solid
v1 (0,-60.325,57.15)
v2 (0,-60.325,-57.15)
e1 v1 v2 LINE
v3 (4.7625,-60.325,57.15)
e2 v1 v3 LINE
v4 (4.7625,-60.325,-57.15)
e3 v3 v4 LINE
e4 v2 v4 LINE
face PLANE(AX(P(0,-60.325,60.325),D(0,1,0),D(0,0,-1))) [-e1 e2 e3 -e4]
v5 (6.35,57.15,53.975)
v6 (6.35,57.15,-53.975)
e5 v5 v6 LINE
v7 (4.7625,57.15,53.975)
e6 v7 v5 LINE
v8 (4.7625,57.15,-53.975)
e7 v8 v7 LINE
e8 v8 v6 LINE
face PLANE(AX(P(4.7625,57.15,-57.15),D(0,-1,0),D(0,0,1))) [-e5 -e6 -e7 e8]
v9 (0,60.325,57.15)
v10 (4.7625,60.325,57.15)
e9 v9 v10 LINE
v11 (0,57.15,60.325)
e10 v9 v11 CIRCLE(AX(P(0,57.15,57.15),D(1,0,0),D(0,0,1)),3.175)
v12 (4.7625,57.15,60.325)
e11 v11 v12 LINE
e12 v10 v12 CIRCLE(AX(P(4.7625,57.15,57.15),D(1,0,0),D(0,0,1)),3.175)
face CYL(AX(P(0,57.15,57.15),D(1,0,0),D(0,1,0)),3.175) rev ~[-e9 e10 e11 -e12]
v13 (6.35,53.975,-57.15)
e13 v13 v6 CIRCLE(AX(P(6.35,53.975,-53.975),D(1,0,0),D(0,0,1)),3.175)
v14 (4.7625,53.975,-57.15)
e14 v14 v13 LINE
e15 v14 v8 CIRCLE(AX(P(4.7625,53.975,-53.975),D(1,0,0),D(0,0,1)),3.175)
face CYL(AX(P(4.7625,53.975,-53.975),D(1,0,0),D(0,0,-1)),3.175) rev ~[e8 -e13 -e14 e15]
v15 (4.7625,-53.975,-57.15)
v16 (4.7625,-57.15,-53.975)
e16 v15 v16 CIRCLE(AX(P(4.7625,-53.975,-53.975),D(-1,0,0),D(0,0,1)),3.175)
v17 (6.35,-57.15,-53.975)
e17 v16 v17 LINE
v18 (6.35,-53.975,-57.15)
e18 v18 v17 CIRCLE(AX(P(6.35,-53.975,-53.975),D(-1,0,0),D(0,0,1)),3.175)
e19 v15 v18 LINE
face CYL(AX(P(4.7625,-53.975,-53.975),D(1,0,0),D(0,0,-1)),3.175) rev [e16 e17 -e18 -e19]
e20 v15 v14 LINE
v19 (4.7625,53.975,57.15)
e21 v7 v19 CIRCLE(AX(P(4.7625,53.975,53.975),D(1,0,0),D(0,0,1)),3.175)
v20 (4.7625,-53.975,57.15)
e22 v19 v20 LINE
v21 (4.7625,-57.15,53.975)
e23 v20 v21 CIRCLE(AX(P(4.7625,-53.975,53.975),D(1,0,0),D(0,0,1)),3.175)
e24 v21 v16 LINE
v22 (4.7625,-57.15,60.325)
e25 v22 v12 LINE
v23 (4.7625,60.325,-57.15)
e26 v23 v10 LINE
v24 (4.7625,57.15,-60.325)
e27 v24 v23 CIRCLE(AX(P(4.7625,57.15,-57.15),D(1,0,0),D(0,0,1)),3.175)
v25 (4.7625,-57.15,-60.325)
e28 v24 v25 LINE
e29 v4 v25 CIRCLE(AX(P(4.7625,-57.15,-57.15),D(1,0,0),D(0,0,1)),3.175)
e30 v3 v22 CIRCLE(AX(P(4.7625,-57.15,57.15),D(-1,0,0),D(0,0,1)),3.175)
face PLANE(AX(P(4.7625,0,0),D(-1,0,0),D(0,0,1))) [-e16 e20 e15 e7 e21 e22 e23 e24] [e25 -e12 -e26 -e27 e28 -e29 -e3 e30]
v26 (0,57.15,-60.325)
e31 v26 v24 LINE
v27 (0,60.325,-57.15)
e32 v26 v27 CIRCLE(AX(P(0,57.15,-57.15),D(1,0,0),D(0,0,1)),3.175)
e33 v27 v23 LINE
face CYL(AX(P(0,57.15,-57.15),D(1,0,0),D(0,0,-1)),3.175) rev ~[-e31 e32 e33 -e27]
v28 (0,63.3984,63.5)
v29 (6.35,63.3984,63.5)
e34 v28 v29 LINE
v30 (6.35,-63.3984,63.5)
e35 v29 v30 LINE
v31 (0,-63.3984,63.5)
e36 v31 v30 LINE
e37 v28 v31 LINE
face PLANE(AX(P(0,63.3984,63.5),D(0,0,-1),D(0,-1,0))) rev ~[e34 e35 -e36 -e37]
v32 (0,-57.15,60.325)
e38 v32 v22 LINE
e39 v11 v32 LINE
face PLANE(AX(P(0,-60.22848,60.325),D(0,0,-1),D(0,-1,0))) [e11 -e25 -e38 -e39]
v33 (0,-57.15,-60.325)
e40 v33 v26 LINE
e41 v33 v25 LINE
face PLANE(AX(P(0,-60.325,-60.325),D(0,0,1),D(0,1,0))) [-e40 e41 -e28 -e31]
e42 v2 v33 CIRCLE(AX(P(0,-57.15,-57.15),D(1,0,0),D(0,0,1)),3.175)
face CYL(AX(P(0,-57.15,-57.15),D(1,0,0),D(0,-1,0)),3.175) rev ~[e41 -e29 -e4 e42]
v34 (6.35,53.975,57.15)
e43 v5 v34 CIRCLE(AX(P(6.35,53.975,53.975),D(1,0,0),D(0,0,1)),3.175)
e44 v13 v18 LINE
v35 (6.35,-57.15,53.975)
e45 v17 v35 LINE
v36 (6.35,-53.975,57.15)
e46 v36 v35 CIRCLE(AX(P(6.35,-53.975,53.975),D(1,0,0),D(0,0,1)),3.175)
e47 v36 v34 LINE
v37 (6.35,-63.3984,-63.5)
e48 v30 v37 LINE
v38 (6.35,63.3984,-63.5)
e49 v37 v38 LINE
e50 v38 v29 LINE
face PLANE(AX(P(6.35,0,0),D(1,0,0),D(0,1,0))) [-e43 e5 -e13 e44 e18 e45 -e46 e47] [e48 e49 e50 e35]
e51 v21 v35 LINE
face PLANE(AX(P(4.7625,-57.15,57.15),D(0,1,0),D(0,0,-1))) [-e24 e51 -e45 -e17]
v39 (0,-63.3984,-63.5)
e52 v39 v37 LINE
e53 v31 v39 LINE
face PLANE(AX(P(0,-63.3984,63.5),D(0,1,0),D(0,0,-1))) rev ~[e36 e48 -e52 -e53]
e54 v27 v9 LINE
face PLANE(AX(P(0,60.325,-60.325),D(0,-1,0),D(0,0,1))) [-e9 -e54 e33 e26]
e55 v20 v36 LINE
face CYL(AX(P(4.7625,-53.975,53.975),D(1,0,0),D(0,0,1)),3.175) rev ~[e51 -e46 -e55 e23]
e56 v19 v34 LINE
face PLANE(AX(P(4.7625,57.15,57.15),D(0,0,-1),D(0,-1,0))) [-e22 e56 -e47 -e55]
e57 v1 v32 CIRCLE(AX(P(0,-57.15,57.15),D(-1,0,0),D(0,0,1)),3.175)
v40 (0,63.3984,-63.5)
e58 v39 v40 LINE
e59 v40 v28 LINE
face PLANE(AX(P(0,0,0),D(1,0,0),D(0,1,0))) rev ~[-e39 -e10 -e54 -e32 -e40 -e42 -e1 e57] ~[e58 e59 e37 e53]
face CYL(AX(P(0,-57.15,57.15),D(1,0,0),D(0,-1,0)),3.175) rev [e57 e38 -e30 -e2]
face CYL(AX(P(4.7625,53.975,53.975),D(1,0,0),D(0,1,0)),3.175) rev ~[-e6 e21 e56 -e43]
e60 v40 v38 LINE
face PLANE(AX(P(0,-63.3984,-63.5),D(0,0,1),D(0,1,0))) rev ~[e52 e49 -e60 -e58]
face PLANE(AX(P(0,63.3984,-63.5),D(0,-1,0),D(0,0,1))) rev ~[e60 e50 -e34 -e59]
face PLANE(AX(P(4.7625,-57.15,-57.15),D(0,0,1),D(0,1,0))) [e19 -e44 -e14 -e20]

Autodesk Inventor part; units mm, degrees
ref_plane "YZ Plane" through (0, 0, 0) normal (1, 0, 0) x (0, 1, 0)
ref_plane "XZ Plane" through (0, 0, 0) normal (0, 1, 0) x (-1, 0, 0)
ref_plane "XY Plane" through (0, 0, 0) normal (0, 0, 1) x (1, 0, 0)
sketch "Sketch1" plane through (0, 0, 0) normal (1, 0, 0) x (0, 1, 0)
  line L0 (-63.3984, -63.5) -> (63.3984, -63.5)
  line L1 (63.3984, -63.5) -> (63.3984, 63.5)
  line L2 (63.3984, 63.5) -> (-63.3984, 63.5)
  line L3 (-63.3984, 63.5) -> (-63.3984, -63.5)
  line L4 (-63.3984, -63.5) -> (63.3984, 63.5) construction
  line L5 (63.3984, -63.5) -> (-63.3984, 63.5) construction
  point P0 (0, 0)
  dimension "d0" = 126.7968
  dimension "d1" = 127
extrude "Extrusion1" add sketch "Sketch1" along normal blind 6.35
sketch "Sketch2" plane through (0, 0, 0) normal (-1, 0, 0) x (0, 0, 1)
  line L0 (60.325, -60.325) -> (-60.325, -60.325)
  line L1 (-60.325, -60.325) -> (-60.325, 60.325)
  line L2 (-60.325, 60.325) -> (60.325, 60.325)
  line L3 (60.325, 60.325) -> (60.325, -60.325)
  line L4 (60.325, -60.325) -> (-60.325, 60.325) construction
  line L5 (-60.325, -60.325) -> (60.325, 60.325) construction
  line L6 (-63.5, -63.3984) -> (-63.5, 63.3984) projected
  line L7 (63.5, -63.3984) -> (-63.5, -63.3984) projected
  line L8 (63.5, 63.3984) -> (63.5, -63.3984) projected
  line L9 (-63.5, 63.3984) -> (63.5, 63.3984) projected
  line L10 (63.5, 63.3984) -> (-63.5, -63.3984)
  line L11 (63.5, -63.3984) -> (-63.5, -63.3984) projected
  line L12 (-63.5, 63.3984) -> (63.5, -63.3984)
  point P0 (0, 0)
  point P1 (0, 0)
  point P2 (0, 0)
  dimension "d4" = 120.65
  dimension "d5" = 120.65
extrude "Extrusion2" cut sketch "Sketch2" against normal blind 4.7625 contours L0 L1 L10 L12 L3 | L12 L10 L3 | L1 L12 L10 | L10 L12 L1 L2 L3
sketch "Sketch3" plane through (4.7625, 0, 0) normal (-1, 0, 0) x (0, 0, 1)
  line L0 (57.15, -57.15) -> (-57.15, -57.15)
  line L1 (-57.15, -57.15) -> (-57.15, 57.15)
  line L2 (-57.15, 57.15) -> (57.15, 57.15)
  line L3 (57.15, 57.15) -> (57.15, -57.15)
  line L4 (57.15, -57.15) -> (-57.15, 57.15) construction
  line L5 (-57.15, -57.15) -> (57.15, 57.15) construction
  point P0 (0, 0)
  dimension "d8" = 114.3
  dimension "d9" = 114.3
extrude "Extrusion3" cut sketch "Sketch3" against normal through all
fillet "Fillet1" radius 3.175 8 edges at (2.3813, -60.325, -60.325) (5.5563, -57.15, -57.15) (5.5563, 57.15, 57.15) (5.5563, 57.15, -57.15) (5.5563, -57.15, 57.15) (2.3813, 60.325, 60.325) (2.3813, 60.325, -60.325) (2.3813, -60.325, 60.325)
equation "\"d0\" = width - 2 * alignmentGrooveClearance"
equation "\"d1\" = height"
equation "\"d2\" = plasticThickness"
equation "\"d4\" = height - caseThickness"
equation "\"d5\" = width - caseThickness"
equation "\"d8\" = -caseThickness + height - 2 * mirrorThickness"
equation "\"d9\" = -caseThickness + width - 2 * mirrorThickness"
equation "\"frameAcrylicThickness\" = 9.525"
equation "\"internalAcrylicThickness\" = 6.35"
equation "\"height\" = 127"
equation "\"width\" = 127"
equation "\"depth\" = 203.2"
equation "\"mirrorAngle\" = 2.5deg"
equation "\"detectorWidth\" = 52"
equation "\"detectorHeight\" = 52"
equation "\"mirrorThickness\" = 3.175"
equation "\"fresnelThickness\" = 0.254"
equation "\"focalLength\" = 152.4"
equation "\"ior\" = 1.49"
equation "\"centerThickness\" = 1.27"
equation "\"fresnelAngle\" = 90deg"
equation "\"fresnelEffectiveDiameter\" = 152.4"
equation "\"oRingWidth\" = 1.5875"
equation "\"sensorHolderDepth\" = 19.05"
equation "\"aerogelClearence\" = 3.175"
equation "\"backplanePCBWidth\" = 76.2"
equation "\"backplanePCBHeight\" = 76.2"
equation "\"backplaneHoleOffsett\" = 6.35"
equation "\"backplanePostionOffsett\" = 12.7"
equation "\"moduleSlotClearence\" = 0.79375"
equation "\"aerogelHolderDepth\" = 49.022"
equation "\"plasticThickness\" = 6.35"
equation "\"caseThickness\" = 6.35"
equation "\"alignmantGrooveDepth\" = 1.5875"
equation "\"alignmentGrooveDepth\" = 1.5875"
equation "\"alignmentGrooveClearance\" = 0.1016"
equation "\"frontPanelThickness\" = 1.5875"
equation "\"fresnelGrooveWidth\" = 1.778"
properties part number "mirrorFrontFrame" material "ABS Plastic"
